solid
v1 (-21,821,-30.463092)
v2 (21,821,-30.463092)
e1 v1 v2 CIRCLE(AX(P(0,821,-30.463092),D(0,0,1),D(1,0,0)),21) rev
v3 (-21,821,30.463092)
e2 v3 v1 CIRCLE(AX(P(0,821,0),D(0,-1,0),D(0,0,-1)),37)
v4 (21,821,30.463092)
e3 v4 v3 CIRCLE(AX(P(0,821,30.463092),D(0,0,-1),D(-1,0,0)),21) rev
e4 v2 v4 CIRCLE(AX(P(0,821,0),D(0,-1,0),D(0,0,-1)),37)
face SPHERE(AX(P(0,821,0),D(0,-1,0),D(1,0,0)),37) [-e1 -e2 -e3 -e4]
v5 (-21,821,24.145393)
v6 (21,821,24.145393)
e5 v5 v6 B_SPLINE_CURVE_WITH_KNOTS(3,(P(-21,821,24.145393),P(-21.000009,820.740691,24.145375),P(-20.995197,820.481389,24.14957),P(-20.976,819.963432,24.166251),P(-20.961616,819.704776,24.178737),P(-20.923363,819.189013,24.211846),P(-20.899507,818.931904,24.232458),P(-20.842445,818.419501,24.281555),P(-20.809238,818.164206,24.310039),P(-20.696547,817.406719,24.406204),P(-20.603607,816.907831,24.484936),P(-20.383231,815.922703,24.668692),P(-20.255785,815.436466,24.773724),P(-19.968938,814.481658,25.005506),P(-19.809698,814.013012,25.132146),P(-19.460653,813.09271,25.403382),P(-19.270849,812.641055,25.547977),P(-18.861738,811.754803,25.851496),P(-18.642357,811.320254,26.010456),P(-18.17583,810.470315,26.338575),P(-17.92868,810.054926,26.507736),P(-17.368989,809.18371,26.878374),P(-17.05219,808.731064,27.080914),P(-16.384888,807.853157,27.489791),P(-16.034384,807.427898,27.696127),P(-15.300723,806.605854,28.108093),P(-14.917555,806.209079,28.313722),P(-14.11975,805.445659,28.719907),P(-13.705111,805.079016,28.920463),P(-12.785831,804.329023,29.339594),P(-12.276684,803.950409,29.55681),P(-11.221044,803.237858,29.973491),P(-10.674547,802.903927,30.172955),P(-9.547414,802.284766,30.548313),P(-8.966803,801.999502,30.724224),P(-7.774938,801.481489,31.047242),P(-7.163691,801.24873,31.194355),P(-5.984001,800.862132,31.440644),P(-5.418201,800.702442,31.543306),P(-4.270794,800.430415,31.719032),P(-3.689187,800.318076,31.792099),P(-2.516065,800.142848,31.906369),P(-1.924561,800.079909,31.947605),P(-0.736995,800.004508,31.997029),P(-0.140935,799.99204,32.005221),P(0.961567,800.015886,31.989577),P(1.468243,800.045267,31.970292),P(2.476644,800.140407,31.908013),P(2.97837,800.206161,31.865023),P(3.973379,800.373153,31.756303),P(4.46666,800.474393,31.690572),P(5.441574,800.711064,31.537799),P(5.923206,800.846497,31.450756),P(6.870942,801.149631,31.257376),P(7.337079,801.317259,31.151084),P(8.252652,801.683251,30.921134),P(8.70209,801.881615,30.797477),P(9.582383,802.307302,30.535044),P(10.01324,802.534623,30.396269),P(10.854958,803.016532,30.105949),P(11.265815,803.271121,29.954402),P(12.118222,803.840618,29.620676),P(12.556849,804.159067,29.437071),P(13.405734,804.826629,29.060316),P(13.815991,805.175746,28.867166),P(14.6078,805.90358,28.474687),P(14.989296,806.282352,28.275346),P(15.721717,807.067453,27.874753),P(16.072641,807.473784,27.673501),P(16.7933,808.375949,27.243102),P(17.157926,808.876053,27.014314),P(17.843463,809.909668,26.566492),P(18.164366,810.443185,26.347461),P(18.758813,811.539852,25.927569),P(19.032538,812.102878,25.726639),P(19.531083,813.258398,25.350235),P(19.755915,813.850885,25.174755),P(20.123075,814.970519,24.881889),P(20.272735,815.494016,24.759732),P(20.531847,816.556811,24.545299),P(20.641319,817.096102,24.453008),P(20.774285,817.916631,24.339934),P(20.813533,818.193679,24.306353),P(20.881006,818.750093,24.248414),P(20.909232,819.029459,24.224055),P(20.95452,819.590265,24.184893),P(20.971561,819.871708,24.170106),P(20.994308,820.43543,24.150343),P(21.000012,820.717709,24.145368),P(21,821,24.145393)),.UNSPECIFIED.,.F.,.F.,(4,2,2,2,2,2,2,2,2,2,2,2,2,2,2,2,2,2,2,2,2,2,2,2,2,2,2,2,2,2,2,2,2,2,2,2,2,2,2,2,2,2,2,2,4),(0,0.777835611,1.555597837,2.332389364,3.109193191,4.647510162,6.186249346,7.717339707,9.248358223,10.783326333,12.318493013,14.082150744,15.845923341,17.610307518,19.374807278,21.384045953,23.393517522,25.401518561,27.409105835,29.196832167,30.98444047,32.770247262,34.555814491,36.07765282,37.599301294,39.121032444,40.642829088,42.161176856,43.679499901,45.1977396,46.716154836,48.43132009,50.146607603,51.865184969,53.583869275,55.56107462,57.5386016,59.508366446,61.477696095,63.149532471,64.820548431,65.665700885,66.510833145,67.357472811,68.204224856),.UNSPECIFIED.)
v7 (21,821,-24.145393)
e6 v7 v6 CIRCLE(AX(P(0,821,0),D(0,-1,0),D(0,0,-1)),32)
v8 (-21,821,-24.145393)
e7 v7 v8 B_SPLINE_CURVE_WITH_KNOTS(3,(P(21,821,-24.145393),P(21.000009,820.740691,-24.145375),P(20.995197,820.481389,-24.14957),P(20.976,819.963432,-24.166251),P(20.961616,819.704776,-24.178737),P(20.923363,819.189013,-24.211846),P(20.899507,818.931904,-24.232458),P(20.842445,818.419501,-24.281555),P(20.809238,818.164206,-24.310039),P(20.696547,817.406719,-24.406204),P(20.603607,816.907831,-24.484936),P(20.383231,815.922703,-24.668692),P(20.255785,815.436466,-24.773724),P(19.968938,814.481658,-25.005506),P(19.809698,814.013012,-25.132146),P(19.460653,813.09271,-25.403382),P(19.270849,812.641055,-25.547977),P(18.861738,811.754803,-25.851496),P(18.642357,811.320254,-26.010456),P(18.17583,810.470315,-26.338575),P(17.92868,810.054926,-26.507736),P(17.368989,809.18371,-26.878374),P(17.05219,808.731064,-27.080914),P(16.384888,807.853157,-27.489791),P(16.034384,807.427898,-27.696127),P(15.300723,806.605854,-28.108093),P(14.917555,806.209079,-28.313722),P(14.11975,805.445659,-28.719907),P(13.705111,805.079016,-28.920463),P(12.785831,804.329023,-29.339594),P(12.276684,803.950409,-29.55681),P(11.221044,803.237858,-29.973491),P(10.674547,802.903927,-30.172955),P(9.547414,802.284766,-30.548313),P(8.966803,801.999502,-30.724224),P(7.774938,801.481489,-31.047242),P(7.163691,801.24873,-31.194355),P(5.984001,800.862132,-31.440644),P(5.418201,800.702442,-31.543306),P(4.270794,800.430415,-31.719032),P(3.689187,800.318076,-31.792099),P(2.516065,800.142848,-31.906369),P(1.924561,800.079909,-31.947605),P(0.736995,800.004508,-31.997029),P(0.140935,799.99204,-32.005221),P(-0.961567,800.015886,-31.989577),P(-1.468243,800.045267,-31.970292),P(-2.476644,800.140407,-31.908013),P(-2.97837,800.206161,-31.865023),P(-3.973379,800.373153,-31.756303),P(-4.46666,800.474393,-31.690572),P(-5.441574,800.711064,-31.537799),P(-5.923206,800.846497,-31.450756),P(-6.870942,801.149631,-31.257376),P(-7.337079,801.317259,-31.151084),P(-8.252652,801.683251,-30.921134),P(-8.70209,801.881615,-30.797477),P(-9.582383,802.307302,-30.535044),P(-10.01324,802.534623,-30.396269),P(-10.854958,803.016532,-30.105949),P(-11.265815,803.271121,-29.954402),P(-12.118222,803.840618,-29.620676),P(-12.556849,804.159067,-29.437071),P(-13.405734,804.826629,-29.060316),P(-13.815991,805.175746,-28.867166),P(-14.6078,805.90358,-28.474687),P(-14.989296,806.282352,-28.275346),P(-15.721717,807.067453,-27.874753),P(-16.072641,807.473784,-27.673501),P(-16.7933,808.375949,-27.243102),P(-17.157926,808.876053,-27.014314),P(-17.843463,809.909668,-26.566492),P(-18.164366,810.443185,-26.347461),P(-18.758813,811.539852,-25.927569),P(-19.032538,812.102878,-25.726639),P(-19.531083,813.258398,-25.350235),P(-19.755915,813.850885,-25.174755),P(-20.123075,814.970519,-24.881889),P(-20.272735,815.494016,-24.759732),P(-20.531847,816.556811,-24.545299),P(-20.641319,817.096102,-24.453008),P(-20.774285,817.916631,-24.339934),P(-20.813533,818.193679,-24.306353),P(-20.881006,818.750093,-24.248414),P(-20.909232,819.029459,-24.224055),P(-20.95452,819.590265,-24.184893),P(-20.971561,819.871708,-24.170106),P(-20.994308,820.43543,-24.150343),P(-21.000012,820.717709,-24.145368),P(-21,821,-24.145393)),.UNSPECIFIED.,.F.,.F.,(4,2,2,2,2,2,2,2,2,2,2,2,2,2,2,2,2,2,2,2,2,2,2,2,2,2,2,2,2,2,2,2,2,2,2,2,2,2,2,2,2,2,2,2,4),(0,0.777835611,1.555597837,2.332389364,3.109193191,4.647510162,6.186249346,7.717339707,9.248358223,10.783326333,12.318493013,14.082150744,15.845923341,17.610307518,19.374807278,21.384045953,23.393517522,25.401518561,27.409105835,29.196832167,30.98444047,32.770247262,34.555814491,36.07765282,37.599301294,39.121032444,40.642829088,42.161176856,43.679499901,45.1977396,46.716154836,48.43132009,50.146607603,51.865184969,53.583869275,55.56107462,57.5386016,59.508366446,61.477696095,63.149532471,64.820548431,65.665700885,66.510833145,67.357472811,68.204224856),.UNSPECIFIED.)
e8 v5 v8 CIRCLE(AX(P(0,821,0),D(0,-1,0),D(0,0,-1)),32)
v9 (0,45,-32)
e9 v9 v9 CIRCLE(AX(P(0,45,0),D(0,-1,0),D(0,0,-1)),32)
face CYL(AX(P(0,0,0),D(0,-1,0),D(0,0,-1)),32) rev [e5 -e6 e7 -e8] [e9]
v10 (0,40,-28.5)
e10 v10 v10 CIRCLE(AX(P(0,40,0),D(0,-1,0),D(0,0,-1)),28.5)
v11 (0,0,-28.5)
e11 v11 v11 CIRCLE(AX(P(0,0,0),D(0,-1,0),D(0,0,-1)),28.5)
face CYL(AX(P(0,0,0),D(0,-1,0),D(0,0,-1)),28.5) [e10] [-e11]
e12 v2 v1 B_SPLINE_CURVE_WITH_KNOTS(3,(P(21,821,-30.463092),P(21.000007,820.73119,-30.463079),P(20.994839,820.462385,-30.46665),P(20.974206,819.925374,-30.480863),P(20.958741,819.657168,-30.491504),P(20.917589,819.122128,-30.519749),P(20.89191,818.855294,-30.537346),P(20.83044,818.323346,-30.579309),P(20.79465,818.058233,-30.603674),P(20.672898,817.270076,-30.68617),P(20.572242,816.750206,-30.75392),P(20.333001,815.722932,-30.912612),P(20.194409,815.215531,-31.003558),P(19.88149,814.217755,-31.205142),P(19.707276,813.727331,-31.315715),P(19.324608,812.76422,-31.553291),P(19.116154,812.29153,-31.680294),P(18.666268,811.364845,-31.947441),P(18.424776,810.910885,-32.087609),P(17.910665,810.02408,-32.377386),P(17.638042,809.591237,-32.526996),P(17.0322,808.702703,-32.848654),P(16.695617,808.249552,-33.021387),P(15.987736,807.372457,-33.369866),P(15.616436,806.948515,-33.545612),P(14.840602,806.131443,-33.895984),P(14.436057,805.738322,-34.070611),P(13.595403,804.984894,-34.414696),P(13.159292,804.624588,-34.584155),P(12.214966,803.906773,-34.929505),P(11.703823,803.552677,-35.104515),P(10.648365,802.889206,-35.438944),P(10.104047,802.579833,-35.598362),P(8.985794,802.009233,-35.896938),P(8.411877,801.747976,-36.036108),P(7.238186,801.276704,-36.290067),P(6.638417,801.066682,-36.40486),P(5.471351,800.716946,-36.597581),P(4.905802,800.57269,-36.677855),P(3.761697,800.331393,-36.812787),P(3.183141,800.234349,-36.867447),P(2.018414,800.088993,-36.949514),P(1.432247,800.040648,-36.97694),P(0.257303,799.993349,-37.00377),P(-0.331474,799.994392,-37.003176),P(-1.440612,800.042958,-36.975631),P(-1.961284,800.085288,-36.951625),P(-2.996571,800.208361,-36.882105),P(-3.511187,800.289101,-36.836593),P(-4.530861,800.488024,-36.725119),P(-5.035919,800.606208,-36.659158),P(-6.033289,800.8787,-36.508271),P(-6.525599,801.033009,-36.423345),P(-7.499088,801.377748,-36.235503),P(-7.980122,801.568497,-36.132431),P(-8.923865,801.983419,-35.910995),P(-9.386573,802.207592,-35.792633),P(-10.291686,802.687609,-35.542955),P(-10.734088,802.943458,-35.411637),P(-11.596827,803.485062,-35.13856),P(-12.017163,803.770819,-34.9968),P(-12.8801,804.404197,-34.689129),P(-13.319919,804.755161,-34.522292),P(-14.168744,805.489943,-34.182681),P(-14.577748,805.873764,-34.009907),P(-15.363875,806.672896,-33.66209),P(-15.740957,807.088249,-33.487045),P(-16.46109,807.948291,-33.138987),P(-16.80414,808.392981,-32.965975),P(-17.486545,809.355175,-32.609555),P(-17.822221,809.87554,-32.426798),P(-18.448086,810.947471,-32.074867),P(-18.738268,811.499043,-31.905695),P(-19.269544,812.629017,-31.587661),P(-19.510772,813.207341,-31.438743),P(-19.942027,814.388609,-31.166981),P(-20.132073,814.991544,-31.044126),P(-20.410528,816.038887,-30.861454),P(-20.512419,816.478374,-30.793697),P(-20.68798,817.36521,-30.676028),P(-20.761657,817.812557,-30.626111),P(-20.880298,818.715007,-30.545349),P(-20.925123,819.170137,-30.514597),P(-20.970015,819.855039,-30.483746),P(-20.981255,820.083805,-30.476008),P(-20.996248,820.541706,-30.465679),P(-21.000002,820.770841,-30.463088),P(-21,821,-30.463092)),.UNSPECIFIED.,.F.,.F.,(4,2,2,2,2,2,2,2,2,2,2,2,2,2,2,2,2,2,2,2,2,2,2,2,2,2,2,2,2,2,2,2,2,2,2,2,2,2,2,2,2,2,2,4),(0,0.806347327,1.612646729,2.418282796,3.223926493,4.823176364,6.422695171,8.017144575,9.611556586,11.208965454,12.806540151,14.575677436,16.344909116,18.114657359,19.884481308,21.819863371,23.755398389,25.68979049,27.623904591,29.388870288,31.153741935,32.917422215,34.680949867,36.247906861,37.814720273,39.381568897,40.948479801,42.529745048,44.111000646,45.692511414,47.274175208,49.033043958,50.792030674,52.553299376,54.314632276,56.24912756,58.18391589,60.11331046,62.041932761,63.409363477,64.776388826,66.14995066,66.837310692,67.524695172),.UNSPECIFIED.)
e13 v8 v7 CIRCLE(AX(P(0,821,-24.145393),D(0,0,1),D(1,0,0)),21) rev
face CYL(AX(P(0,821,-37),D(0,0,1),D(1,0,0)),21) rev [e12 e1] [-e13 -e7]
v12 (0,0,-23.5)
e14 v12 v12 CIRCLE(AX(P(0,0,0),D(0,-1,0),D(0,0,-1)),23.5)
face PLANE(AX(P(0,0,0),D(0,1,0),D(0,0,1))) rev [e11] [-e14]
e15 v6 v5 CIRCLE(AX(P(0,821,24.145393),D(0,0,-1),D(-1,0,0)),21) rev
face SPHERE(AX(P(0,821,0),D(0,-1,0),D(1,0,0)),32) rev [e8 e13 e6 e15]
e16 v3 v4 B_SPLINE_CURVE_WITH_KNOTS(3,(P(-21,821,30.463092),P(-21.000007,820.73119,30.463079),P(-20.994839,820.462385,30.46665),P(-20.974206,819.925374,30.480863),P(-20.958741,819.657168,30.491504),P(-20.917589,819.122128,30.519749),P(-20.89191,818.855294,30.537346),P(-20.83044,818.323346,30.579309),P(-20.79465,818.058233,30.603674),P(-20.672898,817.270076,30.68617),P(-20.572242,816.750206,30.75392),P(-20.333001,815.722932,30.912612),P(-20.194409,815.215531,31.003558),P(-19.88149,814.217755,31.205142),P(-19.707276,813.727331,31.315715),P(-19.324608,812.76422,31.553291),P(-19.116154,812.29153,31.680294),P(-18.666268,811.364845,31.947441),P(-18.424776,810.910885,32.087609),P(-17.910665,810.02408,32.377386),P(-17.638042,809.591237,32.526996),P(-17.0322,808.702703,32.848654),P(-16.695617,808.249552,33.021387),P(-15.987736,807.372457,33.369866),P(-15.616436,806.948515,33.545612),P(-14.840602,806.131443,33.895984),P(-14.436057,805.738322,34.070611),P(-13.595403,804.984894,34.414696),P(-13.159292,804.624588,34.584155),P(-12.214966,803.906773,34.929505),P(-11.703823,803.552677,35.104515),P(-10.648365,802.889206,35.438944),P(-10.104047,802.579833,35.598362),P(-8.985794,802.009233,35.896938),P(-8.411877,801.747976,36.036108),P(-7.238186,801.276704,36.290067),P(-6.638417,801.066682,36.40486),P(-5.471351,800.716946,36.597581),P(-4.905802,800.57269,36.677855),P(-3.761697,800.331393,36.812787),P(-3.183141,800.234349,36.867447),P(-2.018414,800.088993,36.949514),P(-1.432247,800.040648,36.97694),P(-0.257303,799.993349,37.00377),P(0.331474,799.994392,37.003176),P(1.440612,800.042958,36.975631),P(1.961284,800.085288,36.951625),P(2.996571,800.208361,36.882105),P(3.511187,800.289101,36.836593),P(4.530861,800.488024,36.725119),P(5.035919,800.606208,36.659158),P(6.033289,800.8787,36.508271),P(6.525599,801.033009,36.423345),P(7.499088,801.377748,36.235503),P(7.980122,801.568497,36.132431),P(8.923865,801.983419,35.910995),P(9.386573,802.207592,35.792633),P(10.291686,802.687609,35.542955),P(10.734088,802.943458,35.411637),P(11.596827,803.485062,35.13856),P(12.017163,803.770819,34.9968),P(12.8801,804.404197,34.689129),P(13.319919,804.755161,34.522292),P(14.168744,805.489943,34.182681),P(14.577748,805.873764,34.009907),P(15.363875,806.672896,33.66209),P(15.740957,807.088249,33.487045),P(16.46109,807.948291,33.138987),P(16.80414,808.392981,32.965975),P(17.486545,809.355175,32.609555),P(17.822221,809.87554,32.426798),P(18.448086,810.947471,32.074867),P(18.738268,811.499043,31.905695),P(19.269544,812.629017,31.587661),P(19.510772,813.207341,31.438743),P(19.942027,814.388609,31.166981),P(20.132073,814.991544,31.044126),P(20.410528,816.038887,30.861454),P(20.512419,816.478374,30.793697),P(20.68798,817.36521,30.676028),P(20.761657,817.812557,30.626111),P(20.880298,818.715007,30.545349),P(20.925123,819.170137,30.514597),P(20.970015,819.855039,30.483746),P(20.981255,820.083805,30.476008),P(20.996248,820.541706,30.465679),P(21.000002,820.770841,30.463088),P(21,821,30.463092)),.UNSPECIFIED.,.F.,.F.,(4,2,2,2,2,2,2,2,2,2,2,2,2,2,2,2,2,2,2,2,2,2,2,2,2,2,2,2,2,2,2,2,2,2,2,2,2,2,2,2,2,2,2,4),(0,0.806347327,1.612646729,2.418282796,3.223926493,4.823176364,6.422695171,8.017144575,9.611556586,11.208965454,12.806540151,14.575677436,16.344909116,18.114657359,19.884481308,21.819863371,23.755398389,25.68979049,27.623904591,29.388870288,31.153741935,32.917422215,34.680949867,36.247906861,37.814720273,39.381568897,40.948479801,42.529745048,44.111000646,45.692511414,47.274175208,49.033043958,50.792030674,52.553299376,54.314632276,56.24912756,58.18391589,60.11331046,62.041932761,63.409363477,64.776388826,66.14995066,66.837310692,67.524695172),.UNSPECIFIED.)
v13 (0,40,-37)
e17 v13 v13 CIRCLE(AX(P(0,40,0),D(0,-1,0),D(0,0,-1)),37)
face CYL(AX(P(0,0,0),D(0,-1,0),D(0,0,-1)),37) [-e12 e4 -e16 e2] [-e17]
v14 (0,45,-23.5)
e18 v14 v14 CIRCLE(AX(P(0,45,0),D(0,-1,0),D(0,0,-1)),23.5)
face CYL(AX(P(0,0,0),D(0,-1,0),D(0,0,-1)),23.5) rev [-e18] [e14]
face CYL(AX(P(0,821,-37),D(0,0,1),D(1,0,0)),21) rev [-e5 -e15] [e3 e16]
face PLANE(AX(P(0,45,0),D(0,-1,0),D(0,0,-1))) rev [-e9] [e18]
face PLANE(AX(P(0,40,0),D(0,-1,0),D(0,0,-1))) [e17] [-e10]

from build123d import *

# Parameters (mm, degrees)
CUT_EXTRUDE1_DEPTH      = 860.594090254
CUT_EXTRUDE1_DEPTH_BACK = 860.594090254
SKETCH2_R               = 21


with BuildPart() as part:
    # Sketch1 → Revolve1 (revolve)
    with BuildSketch(Plane.XY, mode=Mode.PRIVATE) as revolve1_sk:
        with BuildLine():
            ThreePointArc((32, 821), (22.627416998, 843.627416998), (0, 853))
            Line((0, 853), (0, 858))
            ThreePointArc((0, 858), (26.162950904, 847.162950904), (37, 821))
            Line((37, 821), (37, 40))
            Line((37, 40), (28.5, 40))
            Line((28.5, 40), (28.5, 0))
            Line((28.5, 0), (23.5, 0))
            Line((23.5, 0), (23.5, 45))
            Line((23.5, 45), (32, 45))
            Line((32, 45), (32, 821))
        make_face()
    revolve(revolve1_sk.sketch.rotate(Axis((0, 0, 0), (0, 1, 0)), 90), axis=Axis((0, 0, 0), (0, 1, 0)))

    # Sketch2 → Cut-Extrude1 (cut, two sides: drawn at the far end of the back side and taken through both)
    with BuildSketch(Plane.XY.offset(-CUT_EXTRUDE1_DEPTH_BACK)):
        with Locations((0, 821)):
            Circle(SKETCH2_R)
    extrude(amount=CUT_EXTRUDE1_DEPTH + CUT_EXTRUDE1_DEPTH_BACK, mode=Mode.SUBTRACT)


solid = part.part
